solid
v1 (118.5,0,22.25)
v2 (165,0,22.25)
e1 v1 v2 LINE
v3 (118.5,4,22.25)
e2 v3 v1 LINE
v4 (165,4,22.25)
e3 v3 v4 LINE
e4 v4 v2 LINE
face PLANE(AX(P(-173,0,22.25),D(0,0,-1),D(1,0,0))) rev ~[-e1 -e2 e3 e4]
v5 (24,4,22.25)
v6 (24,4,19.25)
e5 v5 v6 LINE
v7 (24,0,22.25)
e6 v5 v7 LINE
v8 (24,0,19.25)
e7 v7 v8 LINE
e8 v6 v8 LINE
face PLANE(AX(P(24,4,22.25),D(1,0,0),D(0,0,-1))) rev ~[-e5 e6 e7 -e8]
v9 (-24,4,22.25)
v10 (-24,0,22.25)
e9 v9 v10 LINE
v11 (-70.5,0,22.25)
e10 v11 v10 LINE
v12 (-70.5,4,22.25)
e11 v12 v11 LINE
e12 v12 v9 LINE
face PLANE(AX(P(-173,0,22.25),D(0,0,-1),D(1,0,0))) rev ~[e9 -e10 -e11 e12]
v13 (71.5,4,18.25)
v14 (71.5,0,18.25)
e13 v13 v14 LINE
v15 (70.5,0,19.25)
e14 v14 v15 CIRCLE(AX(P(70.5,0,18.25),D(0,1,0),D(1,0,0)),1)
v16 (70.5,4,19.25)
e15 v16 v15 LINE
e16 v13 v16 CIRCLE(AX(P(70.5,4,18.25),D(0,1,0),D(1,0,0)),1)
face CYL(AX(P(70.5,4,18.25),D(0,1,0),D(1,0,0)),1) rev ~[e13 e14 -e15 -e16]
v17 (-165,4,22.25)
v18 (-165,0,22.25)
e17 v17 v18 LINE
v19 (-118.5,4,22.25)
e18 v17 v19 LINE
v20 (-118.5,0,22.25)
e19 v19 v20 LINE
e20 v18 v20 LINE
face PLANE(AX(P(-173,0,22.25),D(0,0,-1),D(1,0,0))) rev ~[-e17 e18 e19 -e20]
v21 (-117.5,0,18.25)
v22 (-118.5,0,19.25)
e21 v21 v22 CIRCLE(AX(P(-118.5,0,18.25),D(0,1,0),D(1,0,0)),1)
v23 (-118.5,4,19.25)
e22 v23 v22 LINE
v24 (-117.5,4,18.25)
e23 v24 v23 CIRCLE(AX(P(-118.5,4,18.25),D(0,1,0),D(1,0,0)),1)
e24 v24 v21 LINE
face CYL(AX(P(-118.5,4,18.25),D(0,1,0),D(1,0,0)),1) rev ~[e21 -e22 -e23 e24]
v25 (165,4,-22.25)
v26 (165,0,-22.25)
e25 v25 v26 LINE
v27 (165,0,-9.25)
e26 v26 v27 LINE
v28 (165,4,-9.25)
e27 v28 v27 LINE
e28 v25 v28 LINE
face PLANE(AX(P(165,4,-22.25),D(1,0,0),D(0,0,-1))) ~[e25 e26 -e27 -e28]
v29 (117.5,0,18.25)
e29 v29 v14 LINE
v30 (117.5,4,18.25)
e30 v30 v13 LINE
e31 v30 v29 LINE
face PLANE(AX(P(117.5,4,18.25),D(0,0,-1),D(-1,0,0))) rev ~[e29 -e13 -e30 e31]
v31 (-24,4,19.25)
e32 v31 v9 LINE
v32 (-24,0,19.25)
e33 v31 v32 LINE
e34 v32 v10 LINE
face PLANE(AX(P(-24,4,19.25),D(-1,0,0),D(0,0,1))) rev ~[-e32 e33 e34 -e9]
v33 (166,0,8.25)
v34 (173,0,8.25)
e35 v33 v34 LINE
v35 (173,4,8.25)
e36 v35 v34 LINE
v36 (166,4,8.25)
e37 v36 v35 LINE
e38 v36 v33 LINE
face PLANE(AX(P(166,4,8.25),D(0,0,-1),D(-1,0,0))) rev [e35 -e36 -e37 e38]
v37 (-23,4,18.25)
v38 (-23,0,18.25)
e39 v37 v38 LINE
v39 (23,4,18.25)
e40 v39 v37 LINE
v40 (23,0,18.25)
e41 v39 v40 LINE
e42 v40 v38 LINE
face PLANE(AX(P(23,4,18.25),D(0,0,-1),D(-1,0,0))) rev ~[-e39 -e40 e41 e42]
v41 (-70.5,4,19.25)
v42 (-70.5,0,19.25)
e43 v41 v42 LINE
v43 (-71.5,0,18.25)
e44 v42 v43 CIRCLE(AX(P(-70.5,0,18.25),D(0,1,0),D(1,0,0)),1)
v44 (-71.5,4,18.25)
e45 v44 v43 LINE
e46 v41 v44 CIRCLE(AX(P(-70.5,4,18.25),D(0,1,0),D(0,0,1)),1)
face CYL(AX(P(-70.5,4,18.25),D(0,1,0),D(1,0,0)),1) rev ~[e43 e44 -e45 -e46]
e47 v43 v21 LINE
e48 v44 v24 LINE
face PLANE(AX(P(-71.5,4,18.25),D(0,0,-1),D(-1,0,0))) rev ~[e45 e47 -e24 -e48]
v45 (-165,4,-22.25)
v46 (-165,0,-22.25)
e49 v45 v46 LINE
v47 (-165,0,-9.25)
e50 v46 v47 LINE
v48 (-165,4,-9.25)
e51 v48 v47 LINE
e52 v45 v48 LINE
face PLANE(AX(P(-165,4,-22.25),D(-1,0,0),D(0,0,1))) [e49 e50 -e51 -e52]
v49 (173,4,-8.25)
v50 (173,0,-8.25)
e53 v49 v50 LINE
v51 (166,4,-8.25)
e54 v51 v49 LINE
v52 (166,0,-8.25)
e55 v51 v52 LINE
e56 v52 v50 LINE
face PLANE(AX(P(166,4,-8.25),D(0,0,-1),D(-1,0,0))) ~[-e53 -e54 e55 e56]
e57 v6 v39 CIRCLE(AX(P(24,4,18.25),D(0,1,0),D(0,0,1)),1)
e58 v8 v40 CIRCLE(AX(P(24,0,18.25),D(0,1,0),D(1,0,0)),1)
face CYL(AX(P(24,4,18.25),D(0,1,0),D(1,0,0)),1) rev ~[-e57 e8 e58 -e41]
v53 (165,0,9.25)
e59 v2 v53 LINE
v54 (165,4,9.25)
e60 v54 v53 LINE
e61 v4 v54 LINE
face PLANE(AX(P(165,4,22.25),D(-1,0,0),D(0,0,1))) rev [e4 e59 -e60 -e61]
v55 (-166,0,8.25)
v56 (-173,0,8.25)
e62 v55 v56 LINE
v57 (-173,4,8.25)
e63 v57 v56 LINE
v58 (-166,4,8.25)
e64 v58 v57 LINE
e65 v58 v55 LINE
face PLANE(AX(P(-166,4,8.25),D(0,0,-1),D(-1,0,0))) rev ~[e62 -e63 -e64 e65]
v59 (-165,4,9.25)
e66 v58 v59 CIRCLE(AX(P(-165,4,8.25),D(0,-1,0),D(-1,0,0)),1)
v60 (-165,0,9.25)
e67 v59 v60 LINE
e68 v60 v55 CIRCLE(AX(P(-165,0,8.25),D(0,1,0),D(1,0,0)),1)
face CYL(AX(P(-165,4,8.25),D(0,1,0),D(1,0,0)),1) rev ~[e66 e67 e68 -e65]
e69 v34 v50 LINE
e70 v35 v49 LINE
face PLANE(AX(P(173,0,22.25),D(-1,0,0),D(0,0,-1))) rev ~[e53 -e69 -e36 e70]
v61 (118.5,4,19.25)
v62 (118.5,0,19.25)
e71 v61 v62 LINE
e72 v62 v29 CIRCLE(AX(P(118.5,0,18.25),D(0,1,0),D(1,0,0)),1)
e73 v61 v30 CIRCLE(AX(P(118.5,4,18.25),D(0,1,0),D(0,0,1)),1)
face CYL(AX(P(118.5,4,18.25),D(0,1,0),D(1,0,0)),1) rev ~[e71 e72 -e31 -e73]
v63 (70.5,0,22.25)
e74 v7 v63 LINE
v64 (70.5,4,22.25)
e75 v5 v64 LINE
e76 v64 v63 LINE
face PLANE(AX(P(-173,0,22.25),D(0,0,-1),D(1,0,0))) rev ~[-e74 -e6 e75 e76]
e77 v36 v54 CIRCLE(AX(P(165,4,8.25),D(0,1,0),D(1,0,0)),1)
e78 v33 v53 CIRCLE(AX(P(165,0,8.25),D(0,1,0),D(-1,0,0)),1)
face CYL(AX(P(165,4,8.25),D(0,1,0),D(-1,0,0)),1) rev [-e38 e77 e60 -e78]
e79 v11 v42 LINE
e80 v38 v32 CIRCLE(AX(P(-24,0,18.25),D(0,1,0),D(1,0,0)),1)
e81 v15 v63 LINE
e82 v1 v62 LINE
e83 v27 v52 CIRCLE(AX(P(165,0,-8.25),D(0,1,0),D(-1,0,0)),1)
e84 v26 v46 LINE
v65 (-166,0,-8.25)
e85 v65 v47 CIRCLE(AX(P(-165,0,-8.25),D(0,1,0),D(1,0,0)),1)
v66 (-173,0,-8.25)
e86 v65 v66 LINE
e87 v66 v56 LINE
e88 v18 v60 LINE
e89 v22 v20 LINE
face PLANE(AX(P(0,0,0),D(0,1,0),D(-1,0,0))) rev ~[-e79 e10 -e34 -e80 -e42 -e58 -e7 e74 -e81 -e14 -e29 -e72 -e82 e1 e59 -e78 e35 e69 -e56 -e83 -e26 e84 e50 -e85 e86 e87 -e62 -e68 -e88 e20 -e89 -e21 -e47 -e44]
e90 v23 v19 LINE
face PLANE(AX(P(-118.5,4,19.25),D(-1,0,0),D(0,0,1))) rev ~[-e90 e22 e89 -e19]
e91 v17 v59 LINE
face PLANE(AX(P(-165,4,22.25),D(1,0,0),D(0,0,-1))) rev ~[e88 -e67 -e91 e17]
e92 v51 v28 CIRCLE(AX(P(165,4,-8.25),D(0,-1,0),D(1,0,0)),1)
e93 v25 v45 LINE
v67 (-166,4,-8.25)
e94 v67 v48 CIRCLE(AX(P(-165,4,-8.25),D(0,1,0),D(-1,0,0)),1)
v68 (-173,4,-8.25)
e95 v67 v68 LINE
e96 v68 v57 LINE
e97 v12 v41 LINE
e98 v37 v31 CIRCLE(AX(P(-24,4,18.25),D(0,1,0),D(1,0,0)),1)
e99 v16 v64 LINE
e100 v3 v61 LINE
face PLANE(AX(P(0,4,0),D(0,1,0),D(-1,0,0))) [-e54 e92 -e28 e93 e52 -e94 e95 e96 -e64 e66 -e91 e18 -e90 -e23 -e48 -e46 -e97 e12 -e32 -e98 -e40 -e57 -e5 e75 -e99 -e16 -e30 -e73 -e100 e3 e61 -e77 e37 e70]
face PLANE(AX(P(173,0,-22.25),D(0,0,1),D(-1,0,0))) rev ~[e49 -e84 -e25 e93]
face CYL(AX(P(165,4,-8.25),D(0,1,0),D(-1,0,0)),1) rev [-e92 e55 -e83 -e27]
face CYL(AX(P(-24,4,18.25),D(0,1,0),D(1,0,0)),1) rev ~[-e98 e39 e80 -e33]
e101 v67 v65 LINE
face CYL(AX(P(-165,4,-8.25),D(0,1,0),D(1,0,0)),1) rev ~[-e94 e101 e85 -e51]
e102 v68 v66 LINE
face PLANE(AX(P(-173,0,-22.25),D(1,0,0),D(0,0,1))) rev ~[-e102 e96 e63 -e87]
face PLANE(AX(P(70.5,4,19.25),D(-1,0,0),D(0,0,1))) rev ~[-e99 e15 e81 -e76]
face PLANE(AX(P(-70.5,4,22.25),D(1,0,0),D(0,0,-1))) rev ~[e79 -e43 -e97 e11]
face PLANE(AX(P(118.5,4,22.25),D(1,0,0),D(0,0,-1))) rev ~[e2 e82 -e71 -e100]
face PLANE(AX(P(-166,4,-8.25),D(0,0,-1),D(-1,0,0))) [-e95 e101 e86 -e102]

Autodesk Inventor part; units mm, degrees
ref_plane "YZ Plane" through (0, 0, 0) normal (1, 0, 0) x (0, 1, 0)
ref_plane "XZ Plane" through (0, 0, 0) normal (0, 1, 0) x (-1, 0, 0)
ref_plane "XY Plane" through (0, 0, 0) normal (0, 0, 1) x (1, 0, 0)
sketch "Sketch1" plane through (0, 0, 0) normal (0, 1, 0) x (-1, 0, 0)
  line L0 (173, 22.25) -> (-173, 22.25)
  line L1 (-173, 22.25) -> (-173, -22.25)
  line L2 (-173, -22.25) -> (173, -22.25)
  line L3 (173, -22.25) -> (173, 22.25)
  point P0 (0, 0)
  point P1 (0, -22.25)
  point P2 (173, 0)
  dimension "d0" = 44.5
  dimension "d1" = 346
extrude "Extrusion1" add sketch "Sketch1" along normal blind 4
sketch "Esboço2" plane through (0, 4, 0) normal (0, 1, 0) x (1, 0, 0)
  line L0 (-173, -22.25) -> (173, -22.25) projected
  line L1 (-118.5, -22.25) -> (-70.5, -22.25)
  line L2 (-70.5, -22.25) -> (-70.5, -18.25)
  line L3 (-70.5, -18.25) -> (-118.5, -18.25)
  line L4 (-118.5, -18.25) -> (-118.5, -22.25)
  line L5 (-173, 22.25) -> (-173, -22.25) projected
  line L6 (-24, -22.25) -> (24, -22.25)
  line L7 (24, -22.25) -> (24, -18.25)
  line L8 (24, -18.25) -> (-24, -18.25)
  line L9 (-24, -18.25) -> (-24, -22.25)
  line L10 (70.5, -22.25) -> (118.5, -22.25)
  line L11 (118.5, -22.25) -> (118.5, -18.25)
  line L12 (118.5, -18.25) -> (70.5, -18.25)
  line L13 (70.5, -18.25) -> (70.5, -22.25)
  circle A0 centre (-118.5, -18.25) radius 1
  circle A1 centre (-70.5, -18.25) radius 1
  circle A2 centre (-24, -18.25) radius 1
  circle A3 centre (24, -18.25) radius 1
  circle A4 centre (70.5, -18.25) radius 1
  circle A5 centre (118.5, -18.25) radius 1
  point P0 (0, 0)
  dimension "d4" = 48
  dimension "d5" = 4
  dimension "d6" = 54.5
  dimension "d7" = 48
  dimension "d8" = 48
  dimension "d9" = 46.5
  dimension "d10" = 46.5
  dimension "d11" = 2
  dimension "d12" = 2
  dimension "d13" = 2
  dimension "d14" = 2
  dimension "d15" = 2
  dimension "d16" = 2
extrude "Extrusão2" cut sketch "Esboço2" against normal blind 10
sketch "Esboço3" plane through (0, 4, 0) normal (0, 1, 0) x (1, 0, 0)
  line L0 (-173, 22.25) -> (-173, -22.25) projected
  line L1 (-173, 22.25) -> (-165, 22.25)
  line L2 (-165, 22.25) -> (-165, 8.25)
  line L3 (-165, 8.25) -> (-173, 8.25)
  line L4 (-173, 8.25) -> (-173, 22.25)
  line L5 (-173, -22.25) -> (-165, -22.25)
  line L6 (-165, -22.25) -> (-165, -8.25)
  line L7 (-165, -8.25) -> (-173, -8.25)
  line L8 (-173, -8.25) -> (-173, -22.25)
  circle A0 centre (-165, 8.25) radius 1
  circle A1 centre (-165, -8.25) radius 1
  point P0 (0, 0)
  dimension "d19" = 8
  dimension "d20" = 14
  dimension "d21" = 14
  dimension "d22" = 16.5
  dimension "d23" = 2
  dimension "d24" = 2
extrude "Extrusão3" cut sketch "Esboço3" against normal blind 10
mirror "Espelhamento1" about plane through (0, 0, 0) normal (1, 0, 0) of "Extrusão3"
properties part number "fechamento inferior"
